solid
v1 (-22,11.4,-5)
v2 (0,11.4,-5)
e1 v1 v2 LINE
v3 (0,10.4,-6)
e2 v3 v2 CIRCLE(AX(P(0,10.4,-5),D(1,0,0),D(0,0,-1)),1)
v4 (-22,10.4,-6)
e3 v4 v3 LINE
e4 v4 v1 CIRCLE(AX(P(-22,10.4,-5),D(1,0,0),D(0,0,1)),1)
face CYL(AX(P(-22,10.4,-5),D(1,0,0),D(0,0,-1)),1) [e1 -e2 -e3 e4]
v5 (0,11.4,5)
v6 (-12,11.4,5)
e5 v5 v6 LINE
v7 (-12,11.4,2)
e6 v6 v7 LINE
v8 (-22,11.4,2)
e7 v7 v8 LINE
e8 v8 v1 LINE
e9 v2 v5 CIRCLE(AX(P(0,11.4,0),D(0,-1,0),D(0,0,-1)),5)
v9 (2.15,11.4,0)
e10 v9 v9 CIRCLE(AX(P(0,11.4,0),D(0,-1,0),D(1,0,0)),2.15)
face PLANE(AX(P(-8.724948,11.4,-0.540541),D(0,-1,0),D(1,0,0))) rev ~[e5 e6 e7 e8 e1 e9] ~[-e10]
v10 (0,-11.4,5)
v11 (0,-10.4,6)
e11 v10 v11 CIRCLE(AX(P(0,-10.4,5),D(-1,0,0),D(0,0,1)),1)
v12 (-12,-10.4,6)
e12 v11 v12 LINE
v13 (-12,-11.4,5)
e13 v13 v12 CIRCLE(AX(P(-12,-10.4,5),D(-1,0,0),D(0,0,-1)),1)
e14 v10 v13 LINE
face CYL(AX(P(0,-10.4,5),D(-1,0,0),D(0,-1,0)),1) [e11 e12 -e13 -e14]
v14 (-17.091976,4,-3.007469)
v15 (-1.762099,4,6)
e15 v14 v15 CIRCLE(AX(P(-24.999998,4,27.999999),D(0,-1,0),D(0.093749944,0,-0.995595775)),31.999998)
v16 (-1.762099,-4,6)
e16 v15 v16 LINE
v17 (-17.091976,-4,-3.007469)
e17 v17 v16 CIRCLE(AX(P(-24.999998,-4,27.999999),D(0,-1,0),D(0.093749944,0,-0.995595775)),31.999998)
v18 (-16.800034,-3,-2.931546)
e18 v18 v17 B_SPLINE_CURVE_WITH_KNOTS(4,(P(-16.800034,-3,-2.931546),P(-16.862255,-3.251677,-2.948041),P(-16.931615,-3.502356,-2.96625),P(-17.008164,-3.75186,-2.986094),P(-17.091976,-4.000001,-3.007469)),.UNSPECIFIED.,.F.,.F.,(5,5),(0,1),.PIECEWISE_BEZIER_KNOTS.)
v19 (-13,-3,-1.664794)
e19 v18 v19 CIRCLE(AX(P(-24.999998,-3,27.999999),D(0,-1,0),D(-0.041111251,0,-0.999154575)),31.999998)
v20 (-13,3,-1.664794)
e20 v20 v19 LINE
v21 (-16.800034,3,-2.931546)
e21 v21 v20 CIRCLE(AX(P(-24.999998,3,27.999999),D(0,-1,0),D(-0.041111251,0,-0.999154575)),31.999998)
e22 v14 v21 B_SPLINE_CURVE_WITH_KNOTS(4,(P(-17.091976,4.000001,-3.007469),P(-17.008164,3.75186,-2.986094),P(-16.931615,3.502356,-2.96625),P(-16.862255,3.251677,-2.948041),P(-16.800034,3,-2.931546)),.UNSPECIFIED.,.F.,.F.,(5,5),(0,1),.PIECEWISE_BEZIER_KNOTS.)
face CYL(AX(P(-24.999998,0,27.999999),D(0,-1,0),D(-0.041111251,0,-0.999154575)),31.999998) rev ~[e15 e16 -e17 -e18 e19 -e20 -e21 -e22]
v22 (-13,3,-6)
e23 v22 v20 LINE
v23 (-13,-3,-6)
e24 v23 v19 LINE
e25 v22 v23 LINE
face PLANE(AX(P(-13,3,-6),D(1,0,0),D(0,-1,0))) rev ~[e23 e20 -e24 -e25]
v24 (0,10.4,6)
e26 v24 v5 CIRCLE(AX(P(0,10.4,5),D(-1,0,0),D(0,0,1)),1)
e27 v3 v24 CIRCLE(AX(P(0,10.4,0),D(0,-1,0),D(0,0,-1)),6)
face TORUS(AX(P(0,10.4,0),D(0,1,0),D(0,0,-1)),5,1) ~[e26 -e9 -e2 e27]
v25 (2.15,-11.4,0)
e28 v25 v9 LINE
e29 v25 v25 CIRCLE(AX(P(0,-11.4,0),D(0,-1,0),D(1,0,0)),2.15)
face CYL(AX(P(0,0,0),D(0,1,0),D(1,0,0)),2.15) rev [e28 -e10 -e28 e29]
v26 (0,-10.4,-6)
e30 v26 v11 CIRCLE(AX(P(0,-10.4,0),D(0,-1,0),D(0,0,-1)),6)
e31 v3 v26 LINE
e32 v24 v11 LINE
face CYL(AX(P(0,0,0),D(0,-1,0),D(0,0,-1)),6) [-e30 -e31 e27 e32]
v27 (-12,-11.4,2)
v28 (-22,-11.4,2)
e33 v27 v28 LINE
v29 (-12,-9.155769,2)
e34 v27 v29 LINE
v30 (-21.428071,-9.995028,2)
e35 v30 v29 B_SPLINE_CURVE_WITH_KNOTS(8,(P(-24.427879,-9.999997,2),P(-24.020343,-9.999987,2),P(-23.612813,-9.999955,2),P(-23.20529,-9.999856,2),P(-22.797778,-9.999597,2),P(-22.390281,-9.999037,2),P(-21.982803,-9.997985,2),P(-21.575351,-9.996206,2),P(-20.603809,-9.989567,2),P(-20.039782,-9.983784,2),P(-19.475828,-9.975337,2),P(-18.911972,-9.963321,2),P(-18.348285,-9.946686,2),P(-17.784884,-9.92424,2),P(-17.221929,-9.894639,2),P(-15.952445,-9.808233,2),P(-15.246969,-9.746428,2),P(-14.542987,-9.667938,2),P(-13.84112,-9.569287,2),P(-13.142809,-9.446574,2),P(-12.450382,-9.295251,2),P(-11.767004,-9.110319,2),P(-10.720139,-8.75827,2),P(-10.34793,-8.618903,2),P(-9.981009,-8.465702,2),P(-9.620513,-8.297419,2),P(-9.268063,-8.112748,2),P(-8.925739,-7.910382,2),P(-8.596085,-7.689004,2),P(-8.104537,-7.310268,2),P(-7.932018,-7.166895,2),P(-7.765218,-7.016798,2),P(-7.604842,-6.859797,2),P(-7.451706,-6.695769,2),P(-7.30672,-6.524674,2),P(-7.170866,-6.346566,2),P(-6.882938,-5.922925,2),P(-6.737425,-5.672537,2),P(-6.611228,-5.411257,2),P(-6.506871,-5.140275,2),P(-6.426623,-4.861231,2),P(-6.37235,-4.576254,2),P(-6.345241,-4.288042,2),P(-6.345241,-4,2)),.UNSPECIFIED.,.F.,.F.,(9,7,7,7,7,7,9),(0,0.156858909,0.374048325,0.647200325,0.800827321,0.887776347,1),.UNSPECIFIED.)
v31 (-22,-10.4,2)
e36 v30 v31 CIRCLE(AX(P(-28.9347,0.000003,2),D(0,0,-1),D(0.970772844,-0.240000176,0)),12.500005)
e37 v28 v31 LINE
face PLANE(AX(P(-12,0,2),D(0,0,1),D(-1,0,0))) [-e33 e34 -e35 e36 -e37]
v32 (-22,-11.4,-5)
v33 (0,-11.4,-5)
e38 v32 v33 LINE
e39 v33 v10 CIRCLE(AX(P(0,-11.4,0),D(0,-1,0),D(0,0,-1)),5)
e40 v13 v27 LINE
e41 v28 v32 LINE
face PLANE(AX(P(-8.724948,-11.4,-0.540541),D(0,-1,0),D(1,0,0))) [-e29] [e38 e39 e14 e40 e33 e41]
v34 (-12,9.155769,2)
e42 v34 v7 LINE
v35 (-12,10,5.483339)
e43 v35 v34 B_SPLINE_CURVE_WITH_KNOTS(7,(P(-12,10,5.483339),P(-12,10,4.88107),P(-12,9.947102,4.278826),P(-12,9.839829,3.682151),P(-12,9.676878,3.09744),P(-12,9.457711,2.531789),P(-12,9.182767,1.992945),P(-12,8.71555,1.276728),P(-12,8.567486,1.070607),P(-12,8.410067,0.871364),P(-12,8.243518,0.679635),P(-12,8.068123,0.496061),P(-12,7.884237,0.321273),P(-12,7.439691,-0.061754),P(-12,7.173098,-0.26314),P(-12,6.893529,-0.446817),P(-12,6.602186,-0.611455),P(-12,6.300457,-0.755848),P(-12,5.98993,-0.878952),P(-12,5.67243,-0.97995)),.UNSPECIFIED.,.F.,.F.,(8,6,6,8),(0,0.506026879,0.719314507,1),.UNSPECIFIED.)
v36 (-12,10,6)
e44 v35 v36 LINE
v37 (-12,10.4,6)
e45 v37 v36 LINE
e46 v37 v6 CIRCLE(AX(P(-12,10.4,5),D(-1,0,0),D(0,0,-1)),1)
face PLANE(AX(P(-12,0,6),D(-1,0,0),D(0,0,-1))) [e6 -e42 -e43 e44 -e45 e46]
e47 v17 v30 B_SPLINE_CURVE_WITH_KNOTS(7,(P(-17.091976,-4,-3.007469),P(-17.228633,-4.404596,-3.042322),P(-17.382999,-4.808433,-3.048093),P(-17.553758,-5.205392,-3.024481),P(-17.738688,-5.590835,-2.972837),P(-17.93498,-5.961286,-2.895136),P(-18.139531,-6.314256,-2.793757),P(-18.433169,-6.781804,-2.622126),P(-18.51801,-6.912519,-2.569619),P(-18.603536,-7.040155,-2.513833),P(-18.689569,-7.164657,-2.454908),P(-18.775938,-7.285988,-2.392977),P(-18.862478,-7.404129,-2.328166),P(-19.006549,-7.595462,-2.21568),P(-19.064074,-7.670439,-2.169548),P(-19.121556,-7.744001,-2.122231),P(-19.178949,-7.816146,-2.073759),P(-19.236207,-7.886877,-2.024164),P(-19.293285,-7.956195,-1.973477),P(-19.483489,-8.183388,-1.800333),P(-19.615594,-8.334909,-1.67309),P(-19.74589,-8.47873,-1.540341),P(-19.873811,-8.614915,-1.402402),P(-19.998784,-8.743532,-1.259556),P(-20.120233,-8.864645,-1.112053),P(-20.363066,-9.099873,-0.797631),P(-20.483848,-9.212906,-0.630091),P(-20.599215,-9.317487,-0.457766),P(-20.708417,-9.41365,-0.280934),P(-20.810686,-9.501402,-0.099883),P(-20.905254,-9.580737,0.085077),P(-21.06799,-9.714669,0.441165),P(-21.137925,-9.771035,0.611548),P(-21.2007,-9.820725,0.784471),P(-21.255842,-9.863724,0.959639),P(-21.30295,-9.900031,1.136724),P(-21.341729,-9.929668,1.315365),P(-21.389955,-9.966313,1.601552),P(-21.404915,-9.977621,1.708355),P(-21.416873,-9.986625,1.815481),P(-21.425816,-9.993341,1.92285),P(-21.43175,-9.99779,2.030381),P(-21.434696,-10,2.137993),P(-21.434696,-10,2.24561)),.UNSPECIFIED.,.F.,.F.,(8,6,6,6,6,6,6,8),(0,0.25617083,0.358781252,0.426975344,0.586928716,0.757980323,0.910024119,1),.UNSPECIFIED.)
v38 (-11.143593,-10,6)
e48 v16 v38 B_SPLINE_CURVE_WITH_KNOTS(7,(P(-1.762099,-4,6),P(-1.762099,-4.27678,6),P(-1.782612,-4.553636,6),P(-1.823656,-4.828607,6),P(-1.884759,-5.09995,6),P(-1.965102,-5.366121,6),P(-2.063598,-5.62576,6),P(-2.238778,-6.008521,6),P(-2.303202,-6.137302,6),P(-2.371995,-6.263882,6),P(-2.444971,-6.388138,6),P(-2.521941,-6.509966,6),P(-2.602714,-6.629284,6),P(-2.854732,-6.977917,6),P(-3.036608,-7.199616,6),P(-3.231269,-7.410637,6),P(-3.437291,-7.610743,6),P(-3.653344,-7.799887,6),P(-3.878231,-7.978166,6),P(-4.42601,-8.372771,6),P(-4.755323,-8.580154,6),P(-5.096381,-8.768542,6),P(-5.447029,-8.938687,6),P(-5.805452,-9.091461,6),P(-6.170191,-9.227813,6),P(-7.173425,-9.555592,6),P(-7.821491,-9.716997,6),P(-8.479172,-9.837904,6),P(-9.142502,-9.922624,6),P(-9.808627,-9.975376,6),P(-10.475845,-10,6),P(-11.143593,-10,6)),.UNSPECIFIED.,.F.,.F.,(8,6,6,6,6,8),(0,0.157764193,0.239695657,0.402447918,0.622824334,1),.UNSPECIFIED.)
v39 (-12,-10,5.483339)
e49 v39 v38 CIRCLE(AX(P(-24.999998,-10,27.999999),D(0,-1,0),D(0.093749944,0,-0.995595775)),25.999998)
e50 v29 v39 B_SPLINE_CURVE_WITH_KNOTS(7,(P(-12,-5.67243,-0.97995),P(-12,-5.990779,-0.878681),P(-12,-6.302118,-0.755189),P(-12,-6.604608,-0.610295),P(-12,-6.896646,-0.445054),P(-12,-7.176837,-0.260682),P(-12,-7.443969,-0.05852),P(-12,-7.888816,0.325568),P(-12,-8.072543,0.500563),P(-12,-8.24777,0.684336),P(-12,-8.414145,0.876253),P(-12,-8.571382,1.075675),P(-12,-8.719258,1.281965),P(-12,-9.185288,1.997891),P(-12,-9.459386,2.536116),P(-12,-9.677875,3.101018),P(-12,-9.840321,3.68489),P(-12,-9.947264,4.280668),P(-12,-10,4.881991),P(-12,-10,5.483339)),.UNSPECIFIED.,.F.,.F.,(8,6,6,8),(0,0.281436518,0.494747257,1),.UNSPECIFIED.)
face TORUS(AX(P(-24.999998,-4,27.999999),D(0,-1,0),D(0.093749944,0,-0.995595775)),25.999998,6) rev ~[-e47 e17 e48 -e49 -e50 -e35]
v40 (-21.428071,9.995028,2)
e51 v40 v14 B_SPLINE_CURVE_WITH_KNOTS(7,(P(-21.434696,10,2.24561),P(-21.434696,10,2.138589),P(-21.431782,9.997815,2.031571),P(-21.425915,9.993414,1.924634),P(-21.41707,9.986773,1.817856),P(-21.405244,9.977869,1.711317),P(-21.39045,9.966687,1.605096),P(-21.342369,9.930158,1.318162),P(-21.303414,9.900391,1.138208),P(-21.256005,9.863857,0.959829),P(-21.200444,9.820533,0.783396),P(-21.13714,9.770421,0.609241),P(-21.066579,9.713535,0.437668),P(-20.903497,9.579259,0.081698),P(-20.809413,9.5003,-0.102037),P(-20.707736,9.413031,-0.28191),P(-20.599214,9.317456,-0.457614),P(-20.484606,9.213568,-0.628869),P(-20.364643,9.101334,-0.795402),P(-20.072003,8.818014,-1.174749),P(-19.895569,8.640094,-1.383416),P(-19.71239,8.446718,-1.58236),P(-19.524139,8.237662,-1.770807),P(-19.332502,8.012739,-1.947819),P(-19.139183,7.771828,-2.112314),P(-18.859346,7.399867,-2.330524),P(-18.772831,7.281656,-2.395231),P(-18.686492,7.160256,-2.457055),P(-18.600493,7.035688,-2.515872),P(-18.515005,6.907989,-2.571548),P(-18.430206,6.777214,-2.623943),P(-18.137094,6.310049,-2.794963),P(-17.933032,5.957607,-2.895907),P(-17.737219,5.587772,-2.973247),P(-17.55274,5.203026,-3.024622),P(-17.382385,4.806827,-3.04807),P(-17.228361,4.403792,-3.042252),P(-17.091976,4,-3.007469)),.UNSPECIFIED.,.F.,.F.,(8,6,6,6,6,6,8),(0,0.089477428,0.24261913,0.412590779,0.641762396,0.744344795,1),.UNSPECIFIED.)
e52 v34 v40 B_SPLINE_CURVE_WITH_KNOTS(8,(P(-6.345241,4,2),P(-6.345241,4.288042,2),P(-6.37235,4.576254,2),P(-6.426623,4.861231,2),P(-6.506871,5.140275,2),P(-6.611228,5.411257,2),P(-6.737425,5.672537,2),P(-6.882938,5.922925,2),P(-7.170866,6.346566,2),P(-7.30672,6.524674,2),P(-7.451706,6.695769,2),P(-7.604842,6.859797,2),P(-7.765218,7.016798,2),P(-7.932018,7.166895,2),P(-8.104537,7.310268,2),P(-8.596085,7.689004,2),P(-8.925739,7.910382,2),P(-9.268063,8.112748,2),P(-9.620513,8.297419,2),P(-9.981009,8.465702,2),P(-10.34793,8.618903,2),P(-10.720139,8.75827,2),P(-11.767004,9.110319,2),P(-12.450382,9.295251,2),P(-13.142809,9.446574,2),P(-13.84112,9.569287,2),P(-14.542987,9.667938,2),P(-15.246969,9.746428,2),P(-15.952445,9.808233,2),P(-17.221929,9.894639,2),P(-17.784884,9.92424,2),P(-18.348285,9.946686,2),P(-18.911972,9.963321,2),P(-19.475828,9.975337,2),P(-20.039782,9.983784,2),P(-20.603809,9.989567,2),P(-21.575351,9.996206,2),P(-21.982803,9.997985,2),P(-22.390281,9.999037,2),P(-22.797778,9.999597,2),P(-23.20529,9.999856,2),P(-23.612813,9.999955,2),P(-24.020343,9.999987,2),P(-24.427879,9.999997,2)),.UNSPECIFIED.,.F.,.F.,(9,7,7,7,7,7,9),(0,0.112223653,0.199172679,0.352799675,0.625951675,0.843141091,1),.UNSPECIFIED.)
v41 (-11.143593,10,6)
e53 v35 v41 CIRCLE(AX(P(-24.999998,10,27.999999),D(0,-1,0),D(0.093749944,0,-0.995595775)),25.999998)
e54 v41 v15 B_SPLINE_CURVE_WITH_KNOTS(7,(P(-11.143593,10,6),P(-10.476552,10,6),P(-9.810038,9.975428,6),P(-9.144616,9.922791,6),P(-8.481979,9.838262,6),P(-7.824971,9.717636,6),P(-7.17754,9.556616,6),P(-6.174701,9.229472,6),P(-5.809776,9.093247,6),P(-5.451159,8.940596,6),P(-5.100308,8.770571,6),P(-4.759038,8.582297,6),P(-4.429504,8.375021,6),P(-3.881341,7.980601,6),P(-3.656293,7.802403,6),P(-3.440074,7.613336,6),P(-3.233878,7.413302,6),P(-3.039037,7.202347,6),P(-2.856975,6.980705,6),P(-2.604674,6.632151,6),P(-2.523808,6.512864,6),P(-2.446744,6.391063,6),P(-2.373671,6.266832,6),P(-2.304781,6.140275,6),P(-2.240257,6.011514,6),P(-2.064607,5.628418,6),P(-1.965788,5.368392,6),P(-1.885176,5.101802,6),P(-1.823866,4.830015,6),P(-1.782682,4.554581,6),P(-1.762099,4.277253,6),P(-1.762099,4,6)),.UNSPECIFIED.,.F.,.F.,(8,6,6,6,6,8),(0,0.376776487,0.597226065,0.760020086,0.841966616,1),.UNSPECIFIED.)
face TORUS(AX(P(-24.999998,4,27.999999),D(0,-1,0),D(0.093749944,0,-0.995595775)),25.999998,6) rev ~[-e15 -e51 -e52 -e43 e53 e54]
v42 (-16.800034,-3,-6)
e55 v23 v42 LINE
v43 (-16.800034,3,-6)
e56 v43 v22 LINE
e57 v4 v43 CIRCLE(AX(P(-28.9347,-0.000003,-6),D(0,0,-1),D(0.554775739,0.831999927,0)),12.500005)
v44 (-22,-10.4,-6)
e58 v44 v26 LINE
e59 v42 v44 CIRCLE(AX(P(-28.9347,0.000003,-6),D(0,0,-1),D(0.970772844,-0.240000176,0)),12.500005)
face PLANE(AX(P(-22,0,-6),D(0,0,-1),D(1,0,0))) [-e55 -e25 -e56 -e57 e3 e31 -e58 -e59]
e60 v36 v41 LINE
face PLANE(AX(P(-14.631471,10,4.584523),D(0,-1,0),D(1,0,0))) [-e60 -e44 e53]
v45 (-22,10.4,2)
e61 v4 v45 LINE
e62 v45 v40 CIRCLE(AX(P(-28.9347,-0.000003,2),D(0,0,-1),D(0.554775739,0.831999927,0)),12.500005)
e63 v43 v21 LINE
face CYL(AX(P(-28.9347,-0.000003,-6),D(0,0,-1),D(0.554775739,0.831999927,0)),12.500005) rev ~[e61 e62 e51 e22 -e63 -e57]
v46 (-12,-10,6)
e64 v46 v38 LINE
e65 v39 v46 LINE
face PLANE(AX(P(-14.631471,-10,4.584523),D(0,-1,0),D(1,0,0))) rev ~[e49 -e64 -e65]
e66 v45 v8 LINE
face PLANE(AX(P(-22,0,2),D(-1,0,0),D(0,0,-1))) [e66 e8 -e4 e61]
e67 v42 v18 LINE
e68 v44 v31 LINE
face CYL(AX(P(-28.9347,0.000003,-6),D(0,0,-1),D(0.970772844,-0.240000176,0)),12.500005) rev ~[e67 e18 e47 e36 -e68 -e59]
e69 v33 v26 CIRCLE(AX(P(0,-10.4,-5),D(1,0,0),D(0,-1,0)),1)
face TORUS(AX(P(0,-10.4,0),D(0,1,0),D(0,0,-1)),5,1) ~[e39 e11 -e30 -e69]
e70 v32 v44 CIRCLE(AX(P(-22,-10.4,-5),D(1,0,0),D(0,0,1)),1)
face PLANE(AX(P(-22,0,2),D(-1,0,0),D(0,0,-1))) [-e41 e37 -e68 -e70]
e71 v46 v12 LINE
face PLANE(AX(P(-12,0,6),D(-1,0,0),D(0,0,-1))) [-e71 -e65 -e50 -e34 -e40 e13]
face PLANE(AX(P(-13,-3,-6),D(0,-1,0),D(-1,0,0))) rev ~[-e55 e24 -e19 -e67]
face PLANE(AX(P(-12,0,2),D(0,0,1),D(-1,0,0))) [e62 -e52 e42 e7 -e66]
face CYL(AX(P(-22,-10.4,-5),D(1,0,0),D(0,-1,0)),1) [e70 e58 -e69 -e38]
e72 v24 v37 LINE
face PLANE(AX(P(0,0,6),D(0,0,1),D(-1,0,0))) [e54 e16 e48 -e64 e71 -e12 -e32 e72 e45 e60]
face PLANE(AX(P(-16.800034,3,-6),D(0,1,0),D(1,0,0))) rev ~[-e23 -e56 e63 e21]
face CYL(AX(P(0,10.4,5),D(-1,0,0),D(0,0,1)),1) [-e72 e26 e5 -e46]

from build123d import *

# Parameters (mm, degrees)
F0_R     = 2.15
F1_DEPTH = 11.4
F3_DEPTH = 10
F4_R     = 6
F6_DEPTH = 25
F7_R     = 1


with BuildPart() as f1:
    # F0 (on Front) → F1 (new body, symmetric)
    with BuildSketch(Plane.XZ):
        with BuildLine():
            Line((-22, -6), (0, -6))
            ThreePointArc((0, -6), (6, 0), (0, 6))
            Line((0, 6), (-12, 6))
            Line((-12, 6), (-12, 2))
            Line((-12, 2), (-22, 2))
            Line((-22, 2), (-22, -6))
        make_face()
        Circle(F0_R, mode=Mode.SUBTRACT)
    extrude(amount=F1_DEPTH, both=True)

    # F2 (on Front) → F3 (cut, symmetric)
    with BuildSketch(Plane.XZ):
        with BuildLine():
            Line((-26.315558, 9.79657), (-26.315558, -3.972946))
            ThreePointArc((-26.315558, -3.972946), (-10.728351, -0.64123), (1.317963, 9.79657))
            Line((1.317963, 9.79657), (-26.315558, 9.79657))
        make_face()
    extrude(amount=F3_DEPTH, both=True, mode=Mode.SUBTRACT)

    # F4
    f4_edges = [f1.edges().sort_by_distance(p)[0] for p in [
        (-10.985467, 10, -0.767914),
        (-10.985467, -10, -0.767914),
    ]]
    fillet(f4_edges, radius=F4_R)

    # F5 (on face) → F6 (cut)
    with BuildSketch(Plane(origin=(0, 0, -6), x_dir=(1, 0, 0), z_dir=(0, 0, -1))):
        with BuildLine():
            Line((-13, 3), (-16.800034, 3))
            ThreePointArc((-16.800034, 3), (-18.707277, 7.186787), (-22, 10.4))
            Line((-22, 10.4), (-22, -10.4))
            ThreePointArc((-22, -10.4), (-18.707277, -7.186787), (-16.800034, -3))
            Line((-16.800034, -3), (-13, -3))
            Line((-13, -3), (-13, 3))
        make_face()
    extrude(amount=-F6_DEPTH, mode=Mode.SUBTRACT)

    # F7
    f7_edges = [f1.edges().sort_by_distance(p)[0] for p in [
        (-6, -11.4, 6),
        (-11, 11.4, -6),
    ]]
    fillet(f7_edges, radius=F7_R)


solid = f1.part
